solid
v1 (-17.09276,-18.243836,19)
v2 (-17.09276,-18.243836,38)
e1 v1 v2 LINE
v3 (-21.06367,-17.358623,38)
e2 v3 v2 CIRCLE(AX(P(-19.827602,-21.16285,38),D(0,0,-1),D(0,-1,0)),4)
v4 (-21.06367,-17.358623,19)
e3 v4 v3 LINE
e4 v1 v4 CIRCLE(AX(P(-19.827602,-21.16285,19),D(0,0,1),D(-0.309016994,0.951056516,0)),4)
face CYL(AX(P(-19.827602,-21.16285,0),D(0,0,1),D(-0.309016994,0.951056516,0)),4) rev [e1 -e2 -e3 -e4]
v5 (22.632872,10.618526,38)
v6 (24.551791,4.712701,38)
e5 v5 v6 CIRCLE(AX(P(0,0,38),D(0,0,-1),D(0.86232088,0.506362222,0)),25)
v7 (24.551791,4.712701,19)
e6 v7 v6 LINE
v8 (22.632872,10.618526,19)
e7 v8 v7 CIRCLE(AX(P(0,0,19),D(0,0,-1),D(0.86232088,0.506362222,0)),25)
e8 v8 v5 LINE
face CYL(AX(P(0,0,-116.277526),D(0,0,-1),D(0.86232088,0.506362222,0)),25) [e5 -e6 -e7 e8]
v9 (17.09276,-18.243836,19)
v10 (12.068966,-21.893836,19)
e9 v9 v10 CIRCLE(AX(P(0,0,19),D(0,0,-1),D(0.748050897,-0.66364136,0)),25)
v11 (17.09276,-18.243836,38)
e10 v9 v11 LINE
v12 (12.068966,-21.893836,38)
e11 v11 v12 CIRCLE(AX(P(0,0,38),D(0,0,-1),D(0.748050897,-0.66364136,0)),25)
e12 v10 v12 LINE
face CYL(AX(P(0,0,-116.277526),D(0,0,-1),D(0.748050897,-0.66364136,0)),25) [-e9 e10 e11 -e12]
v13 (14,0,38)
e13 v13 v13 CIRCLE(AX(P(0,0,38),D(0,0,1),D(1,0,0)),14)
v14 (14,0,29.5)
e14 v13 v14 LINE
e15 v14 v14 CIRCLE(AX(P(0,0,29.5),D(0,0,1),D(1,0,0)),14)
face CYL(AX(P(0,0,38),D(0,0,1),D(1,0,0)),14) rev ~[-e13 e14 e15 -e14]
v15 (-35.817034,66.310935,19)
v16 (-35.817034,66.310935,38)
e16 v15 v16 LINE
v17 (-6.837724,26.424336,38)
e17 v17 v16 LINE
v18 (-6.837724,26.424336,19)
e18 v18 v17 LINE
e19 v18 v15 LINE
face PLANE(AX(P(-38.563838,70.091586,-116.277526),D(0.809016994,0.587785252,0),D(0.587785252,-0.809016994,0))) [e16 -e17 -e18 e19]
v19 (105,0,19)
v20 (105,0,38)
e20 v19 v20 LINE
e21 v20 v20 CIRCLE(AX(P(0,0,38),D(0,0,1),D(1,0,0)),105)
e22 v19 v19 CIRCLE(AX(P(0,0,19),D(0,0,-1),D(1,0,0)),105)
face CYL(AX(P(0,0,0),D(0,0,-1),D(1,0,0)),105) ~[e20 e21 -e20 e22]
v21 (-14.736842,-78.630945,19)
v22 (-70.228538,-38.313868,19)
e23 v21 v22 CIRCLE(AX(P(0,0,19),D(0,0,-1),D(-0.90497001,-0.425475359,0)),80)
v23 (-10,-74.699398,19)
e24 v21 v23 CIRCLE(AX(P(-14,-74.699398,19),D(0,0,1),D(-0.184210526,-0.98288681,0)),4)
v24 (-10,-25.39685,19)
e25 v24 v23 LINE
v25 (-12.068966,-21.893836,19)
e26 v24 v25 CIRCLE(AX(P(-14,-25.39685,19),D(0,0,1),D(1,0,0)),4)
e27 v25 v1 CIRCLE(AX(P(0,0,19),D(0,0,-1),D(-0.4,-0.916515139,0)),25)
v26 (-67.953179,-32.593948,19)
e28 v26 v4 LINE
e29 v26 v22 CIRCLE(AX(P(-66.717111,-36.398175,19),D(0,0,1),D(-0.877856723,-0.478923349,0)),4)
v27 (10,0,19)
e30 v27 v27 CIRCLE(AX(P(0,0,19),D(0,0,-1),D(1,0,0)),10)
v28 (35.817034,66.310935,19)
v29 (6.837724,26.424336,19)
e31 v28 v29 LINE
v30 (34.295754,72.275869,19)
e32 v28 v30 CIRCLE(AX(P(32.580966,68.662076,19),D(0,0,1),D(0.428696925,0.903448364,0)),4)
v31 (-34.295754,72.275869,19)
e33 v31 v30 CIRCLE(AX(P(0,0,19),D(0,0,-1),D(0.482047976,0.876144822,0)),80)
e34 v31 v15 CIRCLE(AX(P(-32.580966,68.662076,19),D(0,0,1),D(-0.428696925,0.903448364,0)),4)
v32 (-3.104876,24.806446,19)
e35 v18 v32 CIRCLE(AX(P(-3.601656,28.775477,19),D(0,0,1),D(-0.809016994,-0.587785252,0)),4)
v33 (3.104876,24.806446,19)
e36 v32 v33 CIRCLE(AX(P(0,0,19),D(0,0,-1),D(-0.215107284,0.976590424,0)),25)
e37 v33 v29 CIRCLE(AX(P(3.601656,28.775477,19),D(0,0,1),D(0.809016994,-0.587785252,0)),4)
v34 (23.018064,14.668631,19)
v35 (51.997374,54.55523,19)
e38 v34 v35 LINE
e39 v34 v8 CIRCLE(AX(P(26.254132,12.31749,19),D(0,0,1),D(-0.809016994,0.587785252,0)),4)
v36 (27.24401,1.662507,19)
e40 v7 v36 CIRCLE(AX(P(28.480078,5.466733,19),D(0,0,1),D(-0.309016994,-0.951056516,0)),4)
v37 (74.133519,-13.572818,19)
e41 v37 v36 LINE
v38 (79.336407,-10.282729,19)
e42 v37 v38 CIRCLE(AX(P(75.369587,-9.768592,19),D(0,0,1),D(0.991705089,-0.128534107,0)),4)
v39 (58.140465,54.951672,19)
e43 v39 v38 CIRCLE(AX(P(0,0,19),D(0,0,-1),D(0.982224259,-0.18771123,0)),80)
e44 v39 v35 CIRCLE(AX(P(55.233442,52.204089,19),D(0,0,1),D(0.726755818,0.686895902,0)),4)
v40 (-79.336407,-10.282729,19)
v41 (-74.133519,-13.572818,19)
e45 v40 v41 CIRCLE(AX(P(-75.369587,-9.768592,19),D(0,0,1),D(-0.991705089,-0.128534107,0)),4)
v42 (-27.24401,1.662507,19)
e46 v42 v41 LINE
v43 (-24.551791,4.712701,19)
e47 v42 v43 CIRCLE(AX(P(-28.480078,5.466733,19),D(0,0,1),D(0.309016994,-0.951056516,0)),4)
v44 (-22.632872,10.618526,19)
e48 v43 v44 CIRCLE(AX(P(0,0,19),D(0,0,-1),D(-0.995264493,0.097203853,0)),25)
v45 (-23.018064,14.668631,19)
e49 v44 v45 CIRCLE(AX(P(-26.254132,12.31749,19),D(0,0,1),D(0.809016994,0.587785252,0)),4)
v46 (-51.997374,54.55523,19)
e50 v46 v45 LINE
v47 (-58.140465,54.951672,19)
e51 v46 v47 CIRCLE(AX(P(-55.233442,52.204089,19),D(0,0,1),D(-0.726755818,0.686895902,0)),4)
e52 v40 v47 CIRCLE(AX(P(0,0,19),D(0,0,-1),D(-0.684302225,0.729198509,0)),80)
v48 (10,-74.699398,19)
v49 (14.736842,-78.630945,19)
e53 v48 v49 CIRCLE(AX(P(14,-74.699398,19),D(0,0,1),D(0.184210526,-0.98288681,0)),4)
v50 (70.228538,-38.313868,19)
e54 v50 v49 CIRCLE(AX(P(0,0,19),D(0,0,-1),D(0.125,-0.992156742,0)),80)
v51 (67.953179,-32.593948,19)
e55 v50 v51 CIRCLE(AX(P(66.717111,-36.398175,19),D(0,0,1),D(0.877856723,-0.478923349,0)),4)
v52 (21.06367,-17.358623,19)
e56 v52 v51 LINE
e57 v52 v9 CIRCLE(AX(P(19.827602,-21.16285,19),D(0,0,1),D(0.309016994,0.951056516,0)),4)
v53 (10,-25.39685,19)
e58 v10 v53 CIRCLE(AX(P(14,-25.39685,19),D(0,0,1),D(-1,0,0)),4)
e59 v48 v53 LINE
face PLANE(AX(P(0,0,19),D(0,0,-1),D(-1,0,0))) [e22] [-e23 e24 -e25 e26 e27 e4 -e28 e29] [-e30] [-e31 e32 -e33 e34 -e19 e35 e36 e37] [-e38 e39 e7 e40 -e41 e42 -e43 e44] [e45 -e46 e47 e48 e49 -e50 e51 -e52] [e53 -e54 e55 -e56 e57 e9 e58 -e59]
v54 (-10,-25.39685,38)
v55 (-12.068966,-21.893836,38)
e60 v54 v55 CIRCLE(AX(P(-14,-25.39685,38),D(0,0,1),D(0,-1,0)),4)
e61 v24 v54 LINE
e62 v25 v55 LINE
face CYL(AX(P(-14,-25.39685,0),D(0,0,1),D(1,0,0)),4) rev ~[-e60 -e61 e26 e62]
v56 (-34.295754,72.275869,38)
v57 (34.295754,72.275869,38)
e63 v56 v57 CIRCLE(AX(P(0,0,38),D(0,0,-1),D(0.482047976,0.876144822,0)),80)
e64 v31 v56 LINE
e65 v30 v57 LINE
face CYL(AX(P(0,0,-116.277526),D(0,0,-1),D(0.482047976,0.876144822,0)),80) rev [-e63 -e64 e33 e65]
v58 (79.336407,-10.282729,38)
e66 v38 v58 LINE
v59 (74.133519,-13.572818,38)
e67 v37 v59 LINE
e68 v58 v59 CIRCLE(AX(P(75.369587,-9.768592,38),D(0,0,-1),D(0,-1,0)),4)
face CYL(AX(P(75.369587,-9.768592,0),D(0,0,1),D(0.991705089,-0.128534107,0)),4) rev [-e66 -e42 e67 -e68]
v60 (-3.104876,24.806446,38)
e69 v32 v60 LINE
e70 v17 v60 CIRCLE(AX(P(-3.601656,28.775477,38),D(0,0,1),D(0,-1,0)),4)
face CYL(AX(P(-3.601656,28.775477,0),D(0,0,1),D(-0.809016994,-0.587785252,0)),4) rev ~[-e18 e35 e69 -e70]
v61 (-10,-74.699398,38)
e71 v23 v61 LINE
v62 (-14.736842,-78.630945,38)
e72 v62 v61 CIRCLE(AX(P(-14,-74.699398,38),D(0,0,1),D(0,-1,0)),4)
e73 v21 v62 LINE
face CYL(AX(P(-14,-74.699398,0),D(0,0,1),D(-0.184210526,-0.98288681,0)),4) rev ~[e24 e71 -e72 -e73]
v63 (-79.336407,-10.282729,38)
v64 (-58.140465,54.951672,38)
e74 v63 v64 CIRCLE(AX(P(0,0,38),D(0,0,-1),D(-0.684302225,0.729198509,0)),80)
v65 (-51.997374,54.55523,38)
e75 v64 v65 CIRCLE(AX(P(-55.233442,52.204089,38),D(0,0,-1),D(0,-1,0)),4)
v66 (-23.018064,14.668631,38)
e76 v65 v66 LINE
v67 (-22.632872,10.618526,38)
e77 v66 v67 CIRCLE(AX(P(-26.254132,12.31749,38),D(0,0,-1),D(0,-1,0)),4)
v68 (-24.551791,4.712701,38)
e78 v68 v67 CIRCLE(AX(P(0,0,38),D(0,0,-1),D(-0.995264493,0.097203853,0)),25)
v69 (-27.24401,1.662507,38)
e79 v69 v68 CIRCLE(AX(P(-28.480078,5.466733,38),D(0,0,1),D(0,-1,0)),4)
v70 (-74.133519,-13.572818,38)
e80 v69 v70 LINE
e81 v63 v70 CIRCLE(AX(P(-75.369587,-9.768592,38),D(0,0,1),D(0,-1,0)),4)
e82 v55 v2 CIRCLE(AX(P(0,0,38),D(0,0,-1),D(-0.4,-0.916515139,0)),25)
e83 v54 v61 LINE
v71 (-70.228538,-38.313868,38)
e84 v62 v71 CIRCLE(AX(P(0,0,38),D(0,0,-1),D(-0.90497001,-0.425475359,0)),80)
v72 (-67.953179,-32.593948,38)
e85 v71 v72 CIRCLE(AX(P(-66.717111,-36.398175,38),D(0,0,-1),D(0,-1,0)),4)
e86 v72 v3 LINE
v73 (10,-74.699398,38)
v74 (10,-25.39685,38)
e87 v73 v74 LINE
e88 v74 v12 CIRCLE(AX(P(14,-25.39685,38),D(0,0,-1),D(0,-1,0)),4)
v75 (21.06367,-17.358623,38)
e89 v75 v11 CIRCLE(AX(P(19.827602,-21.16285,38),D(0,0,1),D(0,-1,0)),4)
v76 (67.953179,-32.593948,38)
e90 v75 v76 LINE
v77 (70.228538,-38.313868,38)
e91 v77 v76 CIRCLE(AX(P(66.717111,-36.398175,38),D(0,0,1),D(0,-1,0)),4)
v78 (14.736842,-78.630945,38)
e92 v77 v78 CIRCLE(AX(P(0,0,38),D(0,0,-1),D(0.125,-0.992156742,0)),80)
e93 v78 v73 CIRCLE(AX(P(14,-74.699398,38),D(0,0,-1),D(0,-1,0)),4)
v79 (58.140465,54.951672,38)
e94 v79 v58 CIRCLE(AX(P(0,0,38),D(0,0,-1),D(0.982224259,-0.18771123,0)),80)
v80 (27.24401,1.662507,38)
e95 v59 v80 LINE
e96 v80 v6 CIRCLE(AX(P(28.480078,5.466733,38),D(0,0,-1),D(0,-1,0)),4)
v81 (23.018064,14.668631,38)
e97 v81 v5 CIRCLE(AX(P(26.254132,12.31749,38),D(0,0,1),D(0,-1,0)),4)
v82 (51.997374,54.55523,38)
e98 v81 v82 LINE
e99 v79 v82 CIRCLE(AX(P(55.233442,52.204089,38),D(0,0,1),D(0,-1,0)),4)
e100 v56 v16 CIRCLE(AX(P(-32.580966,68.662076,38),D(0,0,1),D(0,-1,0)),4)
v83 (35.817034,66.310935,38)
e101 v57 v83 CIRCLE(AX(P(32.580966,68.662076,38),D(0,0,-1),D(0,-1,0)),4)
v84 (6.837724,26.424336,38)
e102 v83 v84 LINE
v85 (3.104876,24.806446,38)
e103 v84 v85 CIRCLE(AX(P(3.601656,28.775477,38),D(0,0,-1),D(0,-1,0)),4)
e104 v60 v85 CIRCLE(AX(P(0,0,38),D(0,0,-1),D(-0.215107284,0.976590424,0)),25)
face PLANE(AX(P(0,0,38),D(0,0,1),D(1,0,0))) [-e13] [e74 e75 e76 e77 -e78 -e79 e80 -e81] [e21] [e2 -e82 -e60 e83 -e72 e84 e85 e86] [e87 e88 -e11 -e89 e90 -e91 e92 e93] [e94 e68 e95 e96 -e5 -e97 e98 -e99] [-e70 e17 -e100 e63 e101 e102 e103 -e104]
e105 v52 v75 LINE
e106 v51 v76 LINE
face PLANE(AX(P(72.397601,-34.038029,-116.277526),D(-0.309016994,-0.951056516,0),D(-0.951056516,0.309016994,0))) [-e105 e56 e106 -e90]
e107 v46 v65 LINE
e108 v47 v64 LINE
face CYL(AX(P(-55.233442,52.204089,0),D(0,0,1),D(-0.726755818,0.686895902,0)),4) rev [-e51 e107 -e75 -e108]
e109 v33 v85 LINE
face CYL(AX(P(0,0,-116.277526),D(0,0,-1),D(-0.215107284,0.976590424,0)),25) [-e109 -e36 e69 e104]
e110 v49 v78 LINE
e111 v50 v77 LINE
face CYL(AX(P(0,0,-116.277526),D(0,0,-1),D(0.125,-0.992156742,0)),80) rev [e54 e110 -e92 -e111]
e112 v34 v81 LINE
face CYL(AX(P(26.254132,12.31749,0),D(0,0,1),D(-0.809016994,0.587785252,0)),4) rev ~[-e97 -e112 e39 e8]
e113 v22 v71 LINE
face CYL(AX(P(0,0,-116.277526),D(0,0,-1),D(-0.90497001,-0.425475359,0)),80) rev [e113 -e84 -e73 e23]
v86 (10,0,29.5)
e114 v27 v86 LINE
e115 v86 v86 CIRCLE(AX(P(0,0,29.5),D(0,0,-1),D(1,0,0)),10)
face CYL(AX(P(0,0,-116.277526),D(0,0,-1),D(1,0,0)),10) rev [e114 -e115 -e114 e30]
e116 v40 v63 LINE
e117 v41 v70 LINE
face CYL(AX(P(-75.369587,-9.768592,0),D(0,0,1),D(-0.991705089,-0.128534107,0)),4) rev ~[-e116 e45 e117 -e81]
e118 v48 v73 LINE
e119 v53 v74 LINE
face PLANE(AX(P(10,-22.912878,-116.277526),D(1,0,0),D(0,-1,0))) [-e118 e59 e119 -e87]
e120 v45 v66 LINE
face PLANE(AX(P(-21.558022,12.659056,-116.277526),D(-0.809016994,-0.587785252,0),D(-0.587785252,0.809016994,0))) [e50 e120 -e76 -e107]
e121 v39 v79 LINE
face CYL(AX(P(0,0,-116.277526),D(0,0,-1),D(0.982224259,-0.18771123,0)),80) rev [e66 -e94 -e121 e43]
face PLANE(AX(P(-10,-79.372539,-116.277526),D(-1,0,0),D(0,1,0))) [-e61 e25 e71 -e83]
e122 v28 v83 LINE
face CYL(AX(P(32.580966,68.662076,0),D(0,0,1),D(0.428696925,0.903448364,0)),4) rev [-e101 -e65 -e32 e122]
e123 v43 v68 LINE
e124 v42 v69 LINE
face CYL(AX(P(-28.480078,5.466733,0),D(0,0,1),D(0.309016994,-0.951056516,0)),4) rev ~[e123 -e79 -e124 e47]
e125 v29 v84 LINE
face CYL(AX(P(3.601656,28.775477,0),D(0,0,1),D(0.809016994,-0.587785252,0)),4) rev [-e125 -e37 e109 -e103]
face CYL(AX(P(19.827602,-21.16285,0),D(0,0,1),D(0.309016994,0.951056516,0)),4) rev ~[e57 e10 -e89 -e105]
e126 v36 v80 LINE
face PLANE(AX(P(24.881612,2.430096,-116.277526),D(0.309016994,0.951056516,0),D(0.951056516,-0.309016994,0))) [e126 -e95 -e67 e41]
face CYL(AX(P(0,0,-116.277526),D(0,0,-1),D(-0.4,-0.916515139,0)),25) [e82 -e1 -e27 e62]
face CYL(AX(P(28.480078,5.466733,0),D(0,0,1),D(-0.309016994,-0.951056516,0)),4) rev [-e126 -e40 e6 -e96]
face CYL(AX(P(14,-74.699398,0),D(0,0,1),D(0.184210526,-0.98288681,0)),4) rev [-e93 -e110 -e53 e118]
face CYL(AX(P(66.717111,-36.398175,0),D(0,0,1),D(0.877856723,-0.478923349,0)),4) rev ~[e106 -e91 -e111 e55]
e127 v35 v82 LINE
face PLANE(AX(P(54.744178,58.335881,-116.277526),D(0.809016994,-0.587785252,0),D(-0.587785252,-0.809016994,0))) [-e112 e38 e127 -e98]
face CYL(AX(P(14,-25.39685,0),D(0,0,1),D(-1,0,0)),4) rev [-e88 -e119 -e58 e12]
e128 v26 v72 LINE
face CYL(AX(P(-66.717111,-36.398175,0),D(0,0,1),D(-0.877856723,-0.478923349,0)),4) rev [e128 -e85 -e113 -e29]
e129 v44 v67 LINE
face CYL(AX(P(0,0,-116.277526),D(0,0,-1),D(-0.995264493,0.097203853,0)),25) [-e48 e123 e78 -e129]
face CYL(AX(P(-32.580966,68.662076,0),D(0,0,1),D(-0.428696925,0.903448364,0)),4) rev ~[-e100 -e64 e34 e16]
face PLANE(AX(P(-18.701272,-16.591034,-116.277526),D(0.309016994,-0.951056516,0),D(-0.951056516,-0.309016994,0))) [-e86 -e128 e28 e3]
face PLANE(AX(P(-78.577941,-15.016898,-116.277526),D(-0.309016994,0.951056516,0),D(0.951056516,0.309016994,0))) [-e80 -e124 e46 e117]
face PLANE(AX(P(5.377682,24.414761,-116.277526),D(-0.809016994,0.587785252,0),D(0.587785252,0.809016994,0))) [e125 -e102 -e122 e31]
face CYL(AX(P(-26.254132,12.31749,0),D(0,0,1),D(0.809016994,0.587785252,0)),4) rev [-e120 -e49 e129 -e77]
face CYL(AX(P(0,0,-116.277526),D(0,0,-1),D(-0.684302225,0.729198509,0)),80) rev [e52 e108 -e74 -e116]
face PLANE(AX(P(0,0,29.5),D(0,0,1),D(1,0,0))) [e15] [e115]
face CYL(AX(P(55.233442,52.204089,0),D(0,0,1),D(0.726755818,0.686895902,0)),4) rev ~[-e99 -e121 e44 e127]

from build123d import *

# Parameters (mm, degrees)
ESQUISSE1_R                  = 105
BOSS_EXTRU_1_DEPTH           = 38
ENL_V_MAT_EXTRU_1_DEPTH      = 154.277526076
ENL_V_MAT_EXTRU_1_DEPTH_BACK = 154.277526076
ENL_V_MAT_EXTRU_2_DEPTH      = 154.277526076
ENL_V_MAT_EXTRU_2_DEPTH_BACK = 154.277526076
ESQUISSE3_R                  = 10
ESQUISSE4_R                  = 14
ENL_V_MAT_EXTRU_3_DEPTH      = 8.5
ENL_V_START                  = -29.5
ESQUISSE4_2_R                = 14
ENL_V_MAT_EXTRU_4_DEPTH      = 8.5
CONG_1_R                     = 4
ESQUISSE5_R                  = 105
ENL_V_MAT_EXTRU_5_DEPTH      = 19


with BuildPart() as part:
    # Esquisse1 → Boss.-Extru.1 (new body)
    with BuildSketch(Plane.XY):
        Circle(ESQUISSE1_R)
    extrude(amount=BOSS_EXTRU_1_DEPTH)

    # Esquisse2 → Enlèv. mat.-Extru.1 (cut, two sides: drawn at the far end of the back side and taken through both)
    with BuildSketch(Plane.XY.offset(38).offset(-ENL_V_MAT_EXTRU_1_DEPTH_BACK)):
        with BuildLine():
            Line((5.377682111, 24.414760599), (38.563838113, 70.091585729))
            ThreePointArc((38.563838113, 70.091585729), (0, 80), (-38.563838113, 70.091585729))
            Line((-38.563838113, 70.091585729), (-5.377682111, 24.414760599))
            ThreePointArc((-5.377682111, 24.414760599), (0, 25), (5.377682111, 24.414760599))
        make_face()
        with BuildLine():
            Line((24.881612324, 2.430096324), (78.57794069, -15.016898377))
            ThreePointArc((78.57794069, -15.016898377), (76.084521304, 24.72135955), (54.744178, 58.335880683))
            Line((54.744178, 58.335880683), (21.558021999, 12.659055553))
            ThreePointArc((21.558021999, 12.659055553), (23.776412907, 7.725424859), (24.881612324, 2.430096324))
        make_face()
        with BuildLine():
            Line((10, -22.912878475), (10, -79.372539332))
            ThreePointArc((10, -79.372539332), (47.022820183, -64.72135955), (72.397600803, -34.038028703))
            Line((72.397600803, -34.038028703), (18.701272437, -16.591034002))
            ThreePointArc((18.701272437, -16.591034002), (14.694631307, -20.225424859), (10, -22.912878475))
        make_face()
        with BuildLine():
            Line((-18.701272437, -16.591034002), (-72.397600803, -34.038028703))
            ThreePointArc((-72.397600803, -34.038028703), (-47.022820183, -64.72135955), (-10, -79.372539332))
            Line((-10, -79.372539332), (-10, -22.912878475))
            ThreePointArc((-10, -22.912878475), (-14.694631307, -20.225424859), (-18.701272437, -16.591034002))
        make_face()
        with BuildLine():
            Line((-21.558021999, 12.659055553), (-54.744178, 58.335880683))
            ThreePointArc((-54.744178, 58.335880683), (-76.084521304, 24.72135955), (-78.57794069, -15.016898377))
            Line((-78.57794069, -15.016898377), (-24.881612324, 2.430096324))
            ThreePointArc((-24.881612324, 2.430096324), (-23.776412907, 7.725424859), (-21.558021999, 12.659055553))
        make_face()
    extrude(amount=ENL_V_MAT_EXTRU_1_DEPTH + ENL_V_MAT_EXTRU_1_DEPTH_BACK, mode=Mode.SUBTRACT)

    # Esquisse3 → Enlèv. mat.-Extru.2 (cut, two sides: drawn at the far end of the back side and taken through both)
    with BuildSketch(Plane.XY.offset(38).offset(-ENL_V_MAT_EXTRU_2_DEPTH_BACK)):
        Circle(ESQUISSE3_R)
    extrude(amount=ENL_V_MAT_EXTRU_2_DEPTH + ENL_V_MAT_EXTRU_2_DEPTH_BACK, mode=Mode.SUBTRACT)

    # Esquisse4 → Enlèv. mat.-Extru.3 (cut)
    with BuildSketch(Plane.XY.offset(38)):
        Circle(ESQUISSE4_R)
    extrude(amount=-ENL_V_MAT_EXTRU_3_DEPTH, mode=Mode.SUBTRACT)

    # Esquisse4<2> → Enlèv. mat.-Extru.4 (cut)
    with BuildSketch(Plane.XY.offset(38).offset(ENL_V_START)):
        Circle(ESQUISSE4_2_R)
    extrude(amount=-ENL_V_MAT_EXTRU_4_DEPTH, mode=Mode.SUBTRACT)

    # Congé1
    cong_1_edges = [part.edges().sort_by_distance(p)[0] for p in [
        (-78.57794069, -15.016898377, 19),
        (-54.744178, 58.335880683, 19),
        (-21.558021999, 12.659055553, 19),
        (-24.881612324, 2.430096324, 19),
        (-10, -79.372539332, 19),
        (-72.397600803, -34.038028703, 19),
        (-18.701272437, -16.591034002, 19),
        (-10, -22.912878475, 19),
        (72.397600803, -34.038028703, 19),
        (10, -79.372539332, 19),
        (10, -22.912878475, 19),
        (18.701272437, -16.591034002, 19),
        (54.744178, 58.335880683, 19),
        (78.57794069, -15.016898377, 19),
        (24.881612324, 2.430096324, 19),
        (21.558021999, 12.659055553, 19),
        (-38.563838113, 70.091585729, 19),
        (38.563838113, 70.091585729, 19),
        (5.377682111, 24.414760599, 19),
        (-5.377682111, 24.414760599, 19),
    ]]
    fillet(cong_1_edges, radius=CONG_1_R)

    # Esquisse5 → Enlèv. mat.-Extru.5 (cut)
    with BuildSketch(Plane(origin=(0, 0, 0), x_dir=(-1, 0, 0), z_dir=(0, 0, -1))):
        Circle(ESQUISSE5_R)
    extrude(amount=-ENL_V_MAT_EXTRU_5_DEPTH, mode=Mode.SUBTRACT)


solid = part.part
